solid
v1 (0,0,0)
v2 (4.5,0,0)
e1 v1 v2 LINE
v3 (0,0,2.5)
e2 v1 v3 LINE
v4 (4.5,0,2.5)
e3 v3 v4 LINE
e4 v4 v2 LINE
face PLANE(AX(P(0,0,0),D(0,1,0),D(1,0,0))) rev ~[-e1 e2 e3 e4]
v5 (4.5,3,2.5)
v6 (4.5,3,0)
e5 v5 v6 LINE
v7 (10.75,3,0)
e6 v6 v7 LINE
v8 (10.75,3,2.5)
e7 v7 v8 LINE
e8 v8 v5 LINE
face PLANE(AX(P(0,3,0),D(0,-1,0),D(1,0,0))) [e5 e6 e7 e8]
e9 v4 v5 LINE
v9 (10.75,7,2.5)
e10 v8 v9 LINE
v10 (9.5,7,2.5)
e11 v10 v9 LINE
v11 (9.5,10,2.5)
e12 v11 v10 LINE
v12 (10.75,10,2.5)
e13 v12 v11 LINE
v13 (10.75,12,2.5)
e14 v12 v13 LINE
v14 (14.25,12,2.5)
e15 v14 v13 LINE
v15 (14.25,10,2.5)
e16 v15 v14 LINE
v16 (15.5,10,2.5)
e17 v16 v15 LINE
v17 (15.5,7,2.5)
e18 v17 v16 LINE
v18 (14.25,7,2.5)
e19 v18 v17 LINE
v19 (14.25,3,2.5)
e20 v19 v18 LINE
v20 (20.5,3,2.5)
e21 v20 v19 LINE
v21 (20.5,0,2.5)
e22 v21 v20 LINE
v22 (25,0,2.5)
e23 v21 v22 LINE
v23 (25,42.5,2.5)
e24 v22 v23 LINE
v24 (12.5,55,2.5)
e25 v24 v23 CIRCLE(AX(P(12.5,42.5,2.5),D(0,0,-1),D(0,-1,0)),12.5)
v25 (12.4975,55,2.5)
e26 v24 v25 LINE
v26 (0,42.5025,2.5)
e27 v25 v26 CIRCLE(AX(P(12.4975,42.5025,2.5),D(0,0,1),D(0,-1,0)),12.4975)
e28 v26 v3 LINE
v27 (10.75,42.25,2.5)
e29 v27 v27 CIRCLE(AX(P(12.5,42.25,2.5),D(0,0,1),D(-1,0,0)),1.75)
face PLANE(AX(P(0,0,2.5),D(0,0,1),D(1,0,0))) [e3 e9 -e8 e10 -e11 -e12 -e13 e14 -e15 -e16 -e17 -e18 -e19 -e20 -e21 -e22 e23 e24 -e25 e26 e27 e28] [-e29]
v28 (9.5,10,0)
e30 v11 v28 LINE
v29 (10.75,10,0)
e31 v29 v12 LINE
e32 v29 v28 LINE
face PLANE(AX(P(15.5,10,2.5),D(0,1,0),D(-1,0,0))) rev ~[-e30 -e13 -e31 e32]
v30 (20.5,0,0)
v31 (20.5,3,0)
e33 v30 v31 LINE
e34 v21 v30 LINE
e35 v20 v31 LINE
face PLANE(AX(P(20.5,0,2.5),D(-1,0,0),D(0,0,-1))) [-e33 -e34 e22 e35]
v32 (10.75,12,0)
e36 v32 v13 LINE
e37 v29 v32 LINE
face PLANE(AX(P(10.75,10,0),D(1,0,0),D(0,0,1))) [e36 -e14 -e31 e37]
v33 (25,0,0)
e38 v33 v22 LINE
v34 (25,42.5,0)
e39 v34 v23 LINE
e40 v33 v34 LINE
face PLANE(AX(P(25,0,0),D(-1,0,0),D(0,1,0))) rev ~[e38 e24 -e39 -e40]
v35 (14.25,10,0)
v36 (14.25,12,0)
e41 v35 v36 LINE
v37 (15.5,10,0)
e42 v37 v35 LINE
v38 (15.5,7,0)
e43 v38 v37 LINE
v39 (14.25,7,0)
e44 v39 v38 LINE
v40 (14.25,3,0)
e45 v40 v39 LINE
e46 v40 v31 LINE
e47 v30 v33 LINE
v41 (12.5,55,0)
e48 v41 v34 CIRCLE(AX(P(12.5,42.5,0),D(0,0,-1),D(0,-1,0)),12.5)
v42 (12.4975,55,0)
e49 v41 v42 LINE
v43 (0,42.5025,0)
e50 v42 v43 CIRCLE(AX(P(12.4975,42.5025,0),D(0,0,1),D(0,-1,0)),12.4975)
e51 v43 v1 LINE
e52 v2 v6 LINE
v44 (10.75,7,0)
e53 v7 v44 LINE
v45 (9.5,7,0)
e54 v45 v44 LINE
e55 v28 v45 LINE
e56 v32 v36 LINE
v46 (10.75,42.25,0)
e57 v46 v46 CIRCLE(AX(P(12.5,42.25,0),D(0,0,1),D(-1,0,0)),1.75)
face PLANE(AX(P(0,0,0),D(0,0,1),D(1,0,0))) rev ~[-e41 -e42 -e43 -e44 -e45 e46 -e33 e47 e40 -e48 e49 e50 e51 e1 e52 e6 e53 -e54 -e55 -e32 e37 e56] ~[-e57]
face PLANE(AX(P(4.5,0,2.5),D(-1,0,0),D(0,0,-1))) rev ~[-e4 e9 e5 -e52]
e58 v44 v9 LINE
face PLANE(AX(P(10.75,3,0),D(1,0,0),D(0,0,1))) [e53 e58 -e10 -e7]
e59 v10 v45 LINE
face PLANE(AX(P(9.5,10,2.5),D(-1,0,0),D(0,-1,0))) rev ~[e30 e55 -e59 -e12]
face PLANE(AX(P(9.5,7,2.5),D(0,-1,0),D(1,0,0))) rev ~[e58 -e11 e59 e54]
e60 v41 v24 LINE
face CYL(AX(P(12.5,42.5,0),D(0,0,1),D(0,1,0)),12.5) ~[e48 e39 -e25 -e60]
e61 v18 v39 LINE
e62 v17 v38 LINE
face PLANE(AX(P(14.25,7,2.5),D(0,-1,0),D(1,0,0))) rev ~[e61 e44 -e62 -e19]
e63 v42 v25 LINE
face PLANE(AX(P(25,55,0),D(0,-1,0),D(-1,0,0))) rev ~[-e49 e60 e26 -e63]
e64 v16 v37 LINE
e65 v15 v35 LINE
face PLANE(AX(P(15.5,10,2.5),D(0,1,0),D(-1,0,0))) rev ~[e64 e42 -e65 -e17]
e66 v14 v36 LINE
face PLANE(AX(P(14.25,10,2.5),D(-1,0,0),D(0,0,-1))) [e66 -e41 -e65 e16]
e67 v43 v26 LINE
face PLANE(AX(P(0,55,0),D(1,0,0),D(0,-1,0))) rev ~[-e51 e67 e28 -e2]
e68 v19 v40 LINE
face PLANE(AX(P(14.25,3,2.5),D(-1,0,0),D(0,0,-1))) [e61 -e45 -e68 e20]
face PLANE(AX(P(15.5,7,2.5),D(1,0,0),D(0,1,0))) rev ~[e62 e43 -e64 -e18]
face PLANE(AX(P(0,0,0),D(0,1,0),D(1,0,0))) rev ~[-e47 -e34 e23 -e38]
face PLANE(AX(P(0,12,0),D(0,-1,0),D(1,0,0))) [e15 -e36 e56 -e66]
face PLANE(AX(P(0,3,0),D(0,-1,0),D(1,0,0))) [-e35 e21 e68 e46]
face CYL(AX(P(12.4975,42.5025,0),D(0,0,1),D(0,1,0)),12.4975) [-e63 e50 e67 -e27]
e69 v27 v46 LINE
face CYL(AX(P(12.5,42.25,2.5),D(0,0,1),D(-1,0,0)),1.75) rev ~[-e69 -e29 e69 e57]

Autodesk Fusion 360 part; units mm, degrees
sketch "Sketch1" plane through (0, 0, 0) normal (0, 0, 1) x (1, 0, 0)
  line L0 (0, 0) -> (25, 0)
  line L1 (25, 0) -> (25, 55)
  line L2 (25, 55) -> (0, 55)
  line L3 (0, 55) -> (0, 0)
  dimension "d1" = 25
  dimension "d2" = 55
extrude "Extrude1" add sketch "Sketch1" along normal blind 2.5
sketch "Sketch2" plane through (0, 0, 0) normal (0, -1, 0) x (1, 0, 0)
  line L0 (0, 0) -> (25, 0)
  line L1 (25, 0) -> (25, 2.5)
  line L2 (25, 2.5) -> (0, 2.5)
  line L3 (0, 2.5) -> (0, 0)
  line L4 (0, 2.5) -> (4.5, 2.5)
  line L5 (4.5, 2.5) -> (4.5, 0)
  line L6 (4.5, 0) -> (0, 0)
  line L7 (0, 0) -> (0, 2.5)
  line L8 (25, 2.5) -> (20.5, 2.5)
  line L9 (20.5, 2.5) -> (20.5, 0)
  line L10 (20.5, 0) -> (25, 0)
  line L11 (25, 0) -> (25, 2.5)
  dimension "d5" = 4.5
  dimension "d6" = 4.5
extrude "Extrude2" cut sketch "Sketch2" against normal blind 3 contours L0 L2 L5 L9
sketch "Sketch3" plane through (0, 3, 0) normal (0, -1, 0) x (1, 0, 0)
  line L0 (4.5, 2.5) -> (4.5, 0)
  line L1 (4.5, 0) -> (20.5, 0)
  line L2 (20.5, 0) -> (20.5, 2.5)
  line L3 (20.5, 2.5) -> (4.5, 2.5)
  line L4 (10.75, 2.5) -> (14.25, 2.5)
  line L5 (14.25, 2.5) -> (14.25, 0)
  line L6 (14.25, 0) -> (10.75, 0)
  line L7 (10.75, 0) -> (10.75, 2.5)
  dimension "d9" = 3.5
  dimension "d10" = 6.25
extrude "Extrude3" cut sketch "Sketch3" against normal blind 4 contours L1 L3 L4 L5 L6 L7
sketch "Sketch4" plane through (0, 0, 2.5) normal (0, 0, 1) x (-1, 0, 0)
  line L0 (-10.75, -3) -> (-10.75, -7)
  line L1 (-10.75, -7) -> (-14.25, -7)
  line L2 (-14.25, -7) -> (-14.25, -3)
  line L3 (-14.25, -3) -> (-20.5, -3)
  line L4 (-20.5, -3) -> (-20.5, 0)
  line L5 (-20.5, 0) -> (-25, 0)
  line L6 (-25, 0) -> (-25, -55)
  line L7 (-25, -55) -> (0, -55)
  line L8 (0, -55) -> (0, 0)
  line L9 (0, 0) -> (-4.5, 0)
  line L10 (-4.5, 0) -> (-4.5, -3)
  line L11 (-4.5, -3) -> (-10.75, -3)
  line L12 (-9.5, -7) -> (-15.5, -7)
  line L13 (-15.5, -7) -> (-15.5, -10)
  line L14 (-15.5, -10) -> (-9.5, -10)
  line L15 (-9.5, -10) -> (-9.5, -7)
  dimension "d13" = 6
  dimension "d14" = 3
  dimension "d15" = 1.25
extrude "Extrude4" cut sketch "Sketch4" against normal blind 3 contours L1 L12 L13 L14 L15
sketch "Sketch5" plane through (0, 10, 0) normal (0, -1, 0) x (1, 0, 0)
  line L0 (9.5, 0) -> (15.5, 0)
  line L1 (15.5, 0) -> (15.5, 2.5)
  line L2 (15.5, 2.5) -> (9.5, 2.5)
  line L3 (9.5, 2.5) -> (9.5, 0)
  line L4 (10.75, 2.5) -> (14.25, 2.5)
  line L5 (14.25, 2.5) -> (14.25, 0)
  line L6 (14.25, 0) -> (10.75, 0)
  line L7 (10.75, 0) -> (10.75, 2.5)
  dimension "d18" = 3.5
  dimension "d19" = 2.5
  dimension "d20" = 1.25
extrude "Extrude5" cut sketch "Sketch5" against normal blind 2 contours L0 L2 L4 L5 L6 L7
sketch "Sketch6" plane through (0, 0, 2.5) normal (0, 0, 1) x (-1, 0, 0)
  line L0 (-10.75, -10) -> (-10.75, -12)
  line L1 (-10.75, -12) -> (-14.25, -12)
  line L2 (-14.25, -12) -> (-14.25, -10)
  line L3 (-14.25, -10) -> (-15.5, -10)
  line L4 (-15.5, -10) -> (-15.5, -7)
  line L5 (-15.5, -7) -> (-14.25, -7)
  line L6 (-14.25, -7) -> (-14.25, -3)
  line L7 (-14.25, -3) -> (-20.5, -3)
  line L8 (-20.5, -3) -> (-20.5, 0)
  line L9 (-20.5, 0) -> (-25, 0)
  line L10 (-25, 0) -> (-25, -55)
  line L11 (-25, -55) -> (0, -55)
  line L12 (0, -55) -> (0, 0)
  line L13 (0, 0) -> (-4.5, 0)
  line L14 (-4.5, 0) -> (-4.5, -3)
  line L15 (-4.5, -3) -> (-10.75, -3)
  line L16 (-10.75, -3) -> (-10.75, -7)
  line L17 (-10.75, -7) -> (-9.5, -7)
  line L18 (-9.5, -7) -> (-9.5, -10)
  line L19 (-9.5, -10) -> (-10.75, -10)
  circle A0 centre (-12.5, -42.25) radius 1.75
  dimension "d23" = 3.5
  dimension "d24" = 12.75
extrude "Extrude6" cut sketch "Sketch6" against normal blind 3 contours A0
fillet "Fillet1" radius 12.5 1 edges at (25, 55, 1.25)
fillet "Fillet2" radius 12.5 1 edges at (0, 55, 1.25)
